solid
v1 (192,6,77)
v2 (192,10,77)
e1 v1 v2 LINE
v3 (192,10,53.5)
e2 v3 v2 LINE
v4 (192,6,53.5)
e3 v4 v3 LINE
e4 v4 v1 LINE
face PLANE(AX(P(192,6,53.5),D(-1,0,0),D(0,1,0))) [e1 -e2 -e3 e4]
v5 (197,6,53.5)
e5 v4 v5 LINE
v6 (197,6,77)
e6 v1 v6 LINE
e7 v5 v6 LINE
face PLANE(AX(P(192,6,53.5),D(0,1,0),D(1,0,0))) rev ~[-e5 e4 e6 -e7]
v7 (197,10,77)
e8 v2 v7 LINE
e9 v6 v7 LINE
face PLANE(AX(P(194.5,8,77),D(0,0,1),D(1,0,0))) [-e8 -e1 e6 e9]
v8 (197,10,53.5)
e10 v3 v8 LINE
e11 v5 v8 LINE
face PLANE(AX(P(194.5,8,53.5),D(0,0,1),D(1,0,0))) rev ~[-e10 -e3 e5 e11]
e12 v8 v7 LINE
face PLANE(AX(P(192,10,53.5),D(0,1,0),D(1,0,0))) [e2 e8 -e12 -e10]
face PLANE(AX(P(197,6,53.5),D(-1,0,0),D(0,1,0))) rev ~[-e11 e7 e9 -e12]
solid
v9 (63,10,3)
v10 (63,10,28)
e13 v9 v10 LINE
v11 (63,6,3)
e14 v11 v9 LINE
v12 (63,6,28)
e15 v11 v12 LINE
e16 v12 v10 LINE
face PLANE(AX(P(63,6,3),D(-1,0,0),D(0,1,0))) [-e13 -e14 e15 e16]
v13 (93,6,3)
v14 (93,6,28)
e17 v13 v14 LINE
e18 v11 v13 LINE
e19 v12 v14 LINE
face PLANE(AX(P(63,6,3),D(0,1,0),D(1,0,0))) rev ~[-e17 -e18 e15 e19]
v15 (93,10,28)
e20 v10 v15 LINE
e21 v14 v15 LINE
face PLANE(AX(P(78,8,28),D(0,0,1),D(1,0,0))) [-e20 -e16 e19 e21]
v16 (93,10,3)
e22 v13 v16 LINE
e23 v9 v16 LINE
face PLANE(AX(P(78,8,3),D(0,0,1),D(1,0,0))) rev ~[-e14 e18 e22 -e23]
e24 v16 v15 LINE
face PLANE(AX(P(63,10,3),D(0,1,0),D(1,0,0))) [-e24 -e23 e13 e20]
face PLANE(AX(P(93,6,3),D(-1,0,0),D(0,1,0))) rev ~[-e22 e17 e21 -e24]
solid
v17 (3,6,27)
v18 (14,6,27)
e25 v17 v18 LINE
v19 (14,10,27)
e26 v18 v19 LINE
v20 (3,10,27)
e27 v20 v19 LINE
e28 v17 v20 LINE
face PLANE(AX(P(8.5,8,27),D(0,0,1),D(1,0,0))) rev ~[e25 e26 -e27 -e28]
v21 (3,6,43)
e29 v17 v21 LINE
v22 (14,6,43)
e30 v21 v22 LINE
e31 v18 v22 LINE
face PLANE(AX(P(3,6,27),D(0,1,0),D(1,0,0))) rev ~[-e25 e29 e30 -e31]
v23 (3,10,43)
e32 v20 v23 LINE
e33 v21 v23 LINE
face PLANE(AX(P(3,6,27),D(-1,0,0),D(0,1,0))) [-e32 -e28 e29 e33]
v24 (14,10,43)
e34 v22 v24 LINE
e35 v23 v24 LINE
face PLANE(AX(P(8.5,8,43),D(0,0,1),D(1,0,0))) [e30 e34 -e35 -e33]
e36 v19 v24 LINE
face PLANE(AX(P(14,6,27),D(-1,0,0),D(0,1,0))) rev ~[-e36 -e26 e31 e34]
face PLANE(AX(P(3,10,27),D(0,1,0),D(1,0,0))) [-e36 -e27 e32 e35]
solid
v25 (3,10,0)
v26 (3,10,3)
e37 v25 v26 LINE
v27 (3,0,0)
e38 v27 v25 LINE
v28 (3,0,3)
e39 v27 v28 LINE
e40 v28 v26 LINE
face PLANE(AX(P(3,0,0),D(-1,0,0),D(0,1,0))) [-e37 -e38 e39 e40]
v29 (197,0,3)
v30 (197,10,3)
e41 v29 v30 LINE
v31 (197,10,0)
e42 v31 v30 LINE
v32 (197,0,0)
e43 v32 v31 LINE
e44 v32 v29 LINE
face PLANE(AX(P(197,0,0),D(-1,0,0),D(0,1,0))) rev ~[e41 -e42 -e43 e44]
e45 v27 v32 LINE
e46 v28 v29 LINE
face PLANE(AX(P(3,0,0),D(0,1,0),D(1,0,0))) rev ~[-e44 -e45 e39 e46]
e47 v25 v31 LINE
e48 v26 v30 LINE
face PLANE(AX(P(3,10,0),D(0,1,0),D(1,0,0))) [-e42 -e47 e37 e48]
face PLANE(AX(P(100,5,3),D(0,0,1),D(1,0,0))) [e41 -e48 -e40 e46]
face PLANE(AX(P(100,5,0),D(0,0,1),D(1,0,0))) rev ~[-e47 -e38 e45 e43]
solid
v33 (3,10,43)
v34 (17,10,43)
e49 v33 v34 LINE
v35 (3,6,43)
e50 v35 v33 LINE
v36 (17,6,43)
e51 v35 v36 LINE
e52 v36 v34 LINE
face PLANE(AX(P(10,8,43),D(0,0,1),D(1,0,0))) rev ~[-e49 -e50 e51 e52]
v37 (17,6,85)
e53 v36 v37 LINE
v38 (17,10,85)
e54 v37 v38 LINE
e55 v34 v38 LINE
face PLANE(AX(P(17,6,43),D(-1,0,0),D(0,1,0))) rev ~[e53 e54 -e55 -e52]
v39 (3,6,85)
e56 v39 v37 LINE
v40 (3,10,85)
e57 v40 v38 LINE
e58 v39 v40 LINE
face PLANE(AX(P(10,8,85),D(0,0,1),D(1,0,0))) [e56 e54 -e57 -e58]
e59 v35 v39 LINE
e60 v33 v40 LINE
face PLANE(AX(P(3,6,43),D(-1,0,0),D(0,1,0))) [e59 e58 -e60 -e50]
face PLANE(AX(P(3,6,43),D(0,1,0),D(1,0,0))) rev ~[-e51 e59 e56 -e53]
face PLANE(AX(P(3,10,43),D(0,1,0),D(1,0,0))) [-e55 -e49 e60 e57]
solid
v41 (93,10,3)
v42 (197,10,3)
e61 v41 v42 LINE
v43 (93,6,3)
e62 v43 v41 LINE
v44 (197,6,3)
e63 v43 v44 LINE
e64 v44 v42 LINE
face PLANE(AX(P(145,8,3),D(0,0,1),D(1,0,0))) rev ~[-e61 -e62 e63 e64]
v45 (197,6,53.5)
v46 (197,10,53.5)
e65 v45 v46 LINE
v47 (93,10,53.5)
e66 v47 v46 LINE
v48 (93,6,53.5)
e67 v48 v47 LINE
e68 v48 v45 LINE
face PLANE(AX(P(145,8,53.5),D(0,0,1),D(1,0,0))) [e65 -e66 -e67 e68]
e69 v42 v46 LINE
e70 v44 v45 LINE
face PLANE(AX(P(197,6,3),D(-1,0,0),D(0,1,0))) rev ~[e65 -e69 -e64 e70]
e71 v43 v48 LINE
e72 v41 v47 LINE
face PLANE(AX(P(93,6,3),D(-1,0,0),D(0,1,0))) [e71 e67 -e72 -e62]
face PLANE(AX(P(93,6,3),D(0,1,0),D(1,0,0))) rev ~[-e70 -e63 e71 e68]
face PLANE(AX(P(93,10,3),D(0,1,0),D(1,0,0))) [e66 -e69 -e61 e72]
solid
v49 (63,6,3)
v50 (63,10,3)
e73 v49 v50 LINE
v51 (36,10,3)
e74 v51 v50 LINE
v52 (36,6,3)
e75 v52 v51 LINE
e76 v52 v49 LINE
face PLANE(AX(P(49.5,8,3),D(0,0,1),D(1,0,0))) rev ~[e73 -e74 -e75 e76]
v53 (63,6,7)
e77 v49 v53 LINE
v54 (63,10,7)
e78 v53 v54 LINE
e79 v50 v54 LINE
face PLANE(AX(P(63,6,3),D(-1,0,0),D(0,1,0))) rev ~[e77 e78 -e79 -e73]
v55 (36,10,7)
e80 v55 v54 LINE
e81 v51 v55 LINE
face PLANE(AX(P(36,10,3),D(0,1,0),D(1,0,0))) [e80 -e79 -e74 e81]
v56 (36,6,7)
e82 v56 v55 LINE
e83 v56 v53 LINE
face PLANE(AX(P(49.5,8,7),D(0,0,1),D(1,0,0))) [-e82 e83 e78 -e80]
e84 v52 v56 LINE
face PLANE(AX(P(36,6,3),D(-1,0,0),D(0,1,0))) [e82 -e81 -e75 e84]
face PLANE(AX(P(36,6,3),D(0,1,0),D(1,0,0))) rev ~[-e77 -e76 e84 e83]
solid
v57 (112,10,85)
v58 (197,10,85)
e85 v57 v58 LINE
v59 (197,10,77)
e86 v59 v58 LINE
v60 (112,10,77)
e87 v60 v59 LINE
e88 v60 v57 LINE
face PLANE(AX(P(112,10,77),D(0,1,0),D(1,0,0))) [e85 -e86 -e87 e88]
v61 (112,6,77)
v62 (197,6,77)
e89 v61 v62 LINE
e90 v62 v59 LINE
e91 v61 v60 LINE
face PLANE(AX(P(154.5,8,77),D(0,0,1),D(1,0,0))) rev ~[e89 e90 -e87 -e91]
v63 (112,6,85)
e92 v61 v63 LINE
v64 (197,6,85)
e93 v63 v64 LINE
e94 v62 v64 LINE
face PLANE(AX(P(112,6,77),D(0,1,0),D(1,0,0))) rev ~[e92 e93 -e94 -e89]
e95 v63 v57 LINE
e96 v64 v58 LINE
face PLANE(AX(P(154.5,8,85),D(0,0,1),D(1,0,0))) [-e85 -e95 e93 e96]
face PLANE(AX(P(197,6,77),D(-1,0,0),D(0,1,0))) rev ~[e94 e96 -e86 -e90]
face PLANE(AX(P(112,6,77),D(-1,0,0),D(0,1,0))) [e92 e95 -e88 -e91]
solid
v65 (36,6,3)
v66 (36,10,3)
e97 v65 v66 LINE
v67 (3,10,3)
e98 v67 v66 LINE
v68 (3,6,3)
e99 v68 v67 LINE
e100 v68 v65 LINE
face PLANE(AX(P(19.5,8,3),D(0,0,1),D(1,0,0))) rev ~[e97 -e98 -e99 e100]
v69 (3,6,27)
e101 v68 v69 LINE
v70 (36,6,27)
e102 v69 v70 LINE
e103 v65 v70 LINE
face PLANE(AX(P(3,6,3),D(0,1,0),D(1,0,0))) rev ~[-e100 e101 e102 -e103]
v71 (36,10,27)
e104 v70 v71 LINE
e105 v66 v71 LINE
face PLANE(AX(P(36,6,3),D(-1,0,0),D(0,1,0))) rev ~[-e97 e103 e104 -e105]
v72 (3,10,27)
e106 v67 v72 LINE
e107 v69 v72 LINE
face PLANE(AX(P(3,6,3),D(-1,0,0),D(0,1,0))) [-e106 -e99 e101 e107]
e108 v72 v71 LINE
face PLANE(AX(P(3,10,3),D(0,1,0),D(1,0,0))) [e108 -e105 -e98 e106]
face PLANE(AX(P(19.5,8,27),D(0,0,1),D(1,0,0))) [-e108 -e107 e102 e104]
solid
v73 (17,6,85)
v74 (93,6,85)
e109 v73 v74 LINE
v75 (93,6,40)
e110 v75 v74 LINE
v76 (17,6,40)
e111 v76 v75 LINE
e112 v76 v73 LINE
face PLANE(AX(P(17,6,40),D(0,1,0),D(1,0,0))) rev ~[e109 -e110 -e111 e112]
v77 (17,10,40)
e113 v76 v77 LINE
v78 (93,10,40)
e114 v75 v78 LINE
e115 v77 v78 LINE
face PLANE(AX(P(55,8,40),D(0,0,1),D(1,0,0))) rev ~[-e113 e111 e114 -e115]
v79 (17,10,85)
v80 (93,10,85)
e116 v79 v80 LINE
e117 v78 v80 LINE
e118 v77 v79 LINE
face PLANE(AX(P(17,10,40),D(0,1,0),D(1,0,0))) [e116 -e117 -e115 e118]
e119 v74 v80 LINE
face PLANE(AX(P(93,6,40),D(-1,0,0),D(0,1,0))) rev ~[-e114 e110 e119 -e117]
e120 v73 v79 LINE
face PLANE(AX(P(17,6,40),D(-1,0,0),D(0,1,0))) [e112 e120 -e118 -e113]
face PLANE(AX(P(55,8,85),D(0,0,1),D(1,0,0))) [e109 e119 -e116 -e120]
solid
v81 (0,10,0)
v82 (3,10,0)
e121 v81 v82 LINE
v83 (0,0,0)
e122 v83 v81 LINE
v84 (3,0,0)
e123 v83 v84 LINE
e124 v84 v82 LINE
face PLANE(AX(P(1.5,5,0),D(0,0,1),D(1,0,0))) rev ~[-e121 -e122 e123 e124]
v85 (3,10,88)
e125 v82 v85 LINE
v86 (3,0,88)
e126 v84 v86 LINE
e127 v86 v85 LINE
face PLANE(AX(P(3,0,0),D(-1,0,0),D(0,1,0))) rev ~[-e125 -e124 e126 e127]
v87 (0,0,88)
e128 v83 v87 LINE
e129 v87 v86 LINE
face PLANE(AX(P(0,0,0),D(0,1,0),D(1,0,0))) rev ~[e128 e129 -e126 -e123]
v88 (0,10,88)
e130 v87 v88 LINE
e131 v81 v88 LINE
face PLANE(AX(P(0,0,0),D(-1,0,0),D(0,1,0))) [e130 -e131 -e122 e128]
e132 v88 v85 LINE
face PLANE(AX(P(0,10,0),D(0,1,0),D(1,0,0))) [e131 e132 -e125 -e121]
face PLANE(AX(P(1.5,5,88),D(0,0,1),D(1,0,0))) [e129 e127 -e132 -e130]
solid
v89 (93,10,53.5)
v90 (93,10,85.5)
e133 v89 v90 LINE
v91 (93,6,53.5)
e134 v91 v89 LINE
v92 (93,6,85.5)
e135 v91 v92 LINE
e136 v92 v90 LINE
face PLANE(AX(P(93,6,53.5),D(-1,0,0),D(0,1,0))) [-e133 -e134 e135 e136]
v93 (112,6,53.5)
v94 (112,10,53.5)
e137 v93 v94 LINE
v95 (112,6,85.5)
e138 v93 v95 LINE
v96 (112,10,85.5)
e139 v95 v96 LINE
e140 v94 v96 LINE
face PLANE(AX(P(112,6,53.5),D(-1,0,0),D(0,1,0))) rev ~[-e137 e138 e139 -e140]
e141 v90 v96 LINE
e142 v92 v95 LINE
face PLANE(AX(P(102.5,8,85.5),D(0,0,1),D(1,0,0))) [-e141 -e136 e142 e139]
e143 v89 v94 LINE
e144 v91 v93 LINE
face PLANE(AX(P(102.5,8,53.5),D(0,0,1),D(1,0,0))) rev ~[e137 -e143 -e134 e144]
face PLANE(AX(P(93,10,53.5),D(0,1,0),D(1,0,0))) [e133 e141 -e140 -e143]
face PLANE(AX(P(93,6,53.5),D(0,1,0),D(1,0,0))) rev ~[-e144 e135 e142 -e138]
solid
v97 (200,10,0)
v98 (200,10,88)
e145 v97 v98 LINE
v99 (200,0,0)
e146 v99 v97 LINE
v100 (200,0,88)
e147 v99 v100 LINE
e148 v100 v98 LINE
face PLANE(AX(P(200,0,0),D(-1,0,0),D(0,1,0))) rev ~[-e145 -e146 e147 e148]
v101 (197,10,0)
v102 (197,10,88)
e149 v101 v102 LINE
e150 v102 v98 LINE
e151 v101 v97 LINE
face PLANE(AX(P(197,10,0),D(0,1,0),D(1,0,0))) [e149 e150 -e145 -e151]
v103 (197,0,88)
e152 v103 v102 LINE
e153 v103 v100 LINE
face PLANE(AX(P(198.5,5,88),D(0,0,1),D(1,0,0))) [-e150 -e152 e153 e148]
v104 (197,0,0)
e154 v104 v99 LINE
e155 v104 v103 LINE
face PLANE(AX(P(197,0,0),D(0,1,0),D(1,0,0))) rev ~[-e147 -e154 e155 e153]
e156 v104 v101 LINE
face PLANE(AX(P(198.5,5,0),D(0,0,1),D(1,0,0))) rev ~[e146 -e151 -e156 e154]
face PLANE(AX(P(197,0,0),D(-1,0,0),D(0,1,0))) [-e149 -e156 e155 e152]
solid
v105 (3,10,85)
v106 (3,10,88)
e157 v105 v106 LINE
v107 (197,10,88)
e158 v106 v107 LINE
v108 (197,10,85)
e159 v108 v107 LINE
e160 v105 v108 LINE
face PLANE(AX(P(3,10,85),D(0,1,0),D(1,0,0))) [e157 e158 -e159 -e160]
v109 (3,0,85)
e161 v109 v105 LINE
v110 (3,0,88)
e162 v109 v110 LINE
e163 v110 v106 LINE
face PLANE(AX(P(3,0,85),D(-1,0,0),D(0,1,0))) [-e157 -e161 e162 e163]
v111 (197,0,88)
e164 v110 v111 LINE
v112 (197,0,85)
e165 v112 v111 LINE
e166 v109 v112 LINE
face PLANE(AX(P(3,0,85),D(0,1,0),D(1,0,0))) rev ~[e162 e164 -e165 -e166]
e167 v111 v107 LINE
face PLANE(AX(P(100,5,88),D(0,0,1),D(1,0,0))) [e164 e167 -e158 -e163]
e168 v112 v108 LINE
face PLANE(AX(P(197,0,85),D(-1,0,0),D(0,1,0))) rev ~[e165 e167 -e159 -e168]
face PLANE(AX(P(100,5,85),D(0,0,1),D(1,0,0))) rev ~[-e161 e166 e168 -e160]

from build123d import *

# Parameters (mm, degrees)
BOX_W        = 3
BOX_H        = 10
BOX_DEPTH    = 88
BOX001_W     = 194
BOX001_H     = 10
BOX001_DEPTH = 3
BOX002_W     = 3
BOX002_H     = 10
BOX002_DEPTH = 88
BOX003_W     = 194
BOX003_H     = 10
BOX003_DEPTH = 3
BOX004_W     = 104
BOX004_H     = 4
BOX004_DEPTH = 50.5
BOX005_W     = 5
BOX005_H     = 4
BOX005_DEPTH = 23.5
BOX006_W     = 85
BOX006_H     = 4
BOX006_DEPTH = 8
BOX007_W     = 19
BOX007_H     = 4
BOX007_DEPTH = 32
BOX009_W     = 76
BOX009_H     = 4
BOX009_DEPTH = 45
BOX010_W     = 30
BOX010_H     = 4
BOX010_DEPTH = 25
BOX011_W     = 27
BOX011_H     = 4
BOX011_DEPTH = 4
BOX012_W     = 33
BOX012_H     = 4
BOX012_DEPTH = 24
BOX013_W     = 14
BOX013_H     = 4
BOX013_DEPTH = 42
BOX014_W     = 11
BOX014_H     = 4
BOX014_DEPTH = 16


with BuildPart() as box:
    # Box → Box (new body)
    with BuildSketch(Plane.XY):
        with Locations((1.5, 5)):
            Rectangle(BOX_W, BOX_H)
    extrude(amount=BOX_DEPTH)


with BuildPart() as box001:
    # Box001 → Box001 (new body)
    with BuildSketch(Plane(origin=(3, 0, 0), x_dir=(1, 0, 0), z_dir=(0, 0, 1))):
        with Locations((97, 5)):
            Rectangle(BOX001_W, BOX001_H)
    extrude(amount=BOX001_DEPTH)


with BuildPart() as box002:
    # Box002 → Box002 (new body)
    with BuildSketch(Plane(origin=(197, 0, 0), x_dir=(1, 0, 0), z_dir=(0, 0, 1))):
        with Locations((1.5, 5)):
            Rectangle(BOX002_W, BOX002_H)
    extrude(amount=BOX002_DEPTH)


with BuildPart() as box003:
    # Box003 → Box003 (new body)
    with BuildSketch(Plane(origin=(3, 0, 85), x_dir=(1, 0, 0), z_dir=(0, 0, 1))):
        with Locations((97, 5)):
            Rectangle(BOX003_W, BOX003_H)
    extrude(amount=BOX003_DEPTH)


with BuildPart() as box004:
    # Box004 → Box004 (new body)
    with BuildSketch(Plane(origin=(93, 6, 3), x_dir=(1, 0, 0), z_dir=(0, 0, 1))):
        with Locations((52, 2)):
            Rectangle(BOX004_W, BOX004_H)
    extrude(amount=BOX004_DEPTH)


with BuildPart() as box005:
    # Box005 → Box005 (new body)
    with BuildSketch(Plane(origin=(192, 6, 53.5), x_dir=(1, 0, 0), z_dir=(0, 0, 1))):
        with Locations((2.5, 2)):
            Rectangle(BOX005_W, BOX005_H)
    extrude(amount=BOX005_DEPTH)


with BuildPart() as box006:
    # Box006 → Box006 (new body)
    with BuildSketch(Plane(origin=(112, 6, 77), x_dir=(1, 0, 0), z_dir=(0, 0, 1))):
        with Locations((42.5, 2)):
            Rectangle(BOX006_W, BOX006_H)
    extrude(amount=BOX006_DEPTH)


with BuildPart() as box007:
    # Box007 → Box007 (new body)
    with BuildSketch(Plane(origin=(93, 6, 53.5), x_dir=(1, 0, 0), z_dir=(0, 0, 1))):
        with Locations((9.5, 2)):
            Rectangle(BOX007_W, BOX007_H)
    extrude(amount=BOX007_DEPTH)


with BuildPart() as box009:
    # Box009 → Box009 (new body)
    with BuildSketch(Plane(origin=(17, 6, 40), x_dir=(1, 0, 0), z_dir=(0, 0, 1))):
        with Locations((38, 2)):
            Rectangle(BOX009_W, BOX009_H)
    extrude(amount=BOX009_DEPTH)


with BuildPart() as box010:
    # Box010 → Box010 (new body)
    with BuildSketch(Plane(origin=(63, 6, 3), x_dir=(1, 0, 0), z_dir=(0, 0, 1))):
        with Locations((15, 2)):
            Rectangle(BOX010_W, BOX010_H)
    extrude(amount=BOX010_DEPTH)


with BuildPart() as box011:
    # Box011 → Box011 (new body)
    with BuildSketch(Plane(origin=(36, 6, 3), x_dir=(1, 0, 0), z_dir=(0, 0, 1))):
        with Locations((13.5, 2)):
            Rectangle(BOX011_W, BOX011_H)
    extrude(amount=BOX011_DEPTH)


with BuildPart() as box012:
    # Box012 → Box012 (new body)
    with BuildSketch(Plane(origin=(3, 6, 3), x_dir=(1, 0, 0), z_dir=(0, 0, 1))):
        with Locations((16.5, 2)):
            Rectangle(BOX012_W, BOX012_H)
    extrude(amount=BOX012_DEPTH)


with BuildPart() as box013:
    # Box013 → Box013 (new body)
    with BuildSketch(Plane(origin=(3, 6, 43), x_dir=(1, 0, 0), z_dir=(0, 0, 1))):
        with Locations((7, 2)):
            Rectangle(BOX013_W, BOX013_H)
    extrude(amount=BOX013_DEPTH)


with BuildPart() as box014:
    # Box014 → Box014 (new body)
    with BuildSketch(Plane(origin=(3, 6, 27), x_dir=(1, 0, 0), z_dir=(0, 0, 1))):
        with Locations((5.5, 2)):
            Rectangle(BOX014_W, BOX014_H)
    extrude(amount=BOX014_DEPTH)


solid = Compound([box.part, box001.part, box002.part, box003.part, box004.part, box005.part, box006.part, box007.part, box009.part, box010.part, box011.part, box012.part, box013.part, box014.part])
